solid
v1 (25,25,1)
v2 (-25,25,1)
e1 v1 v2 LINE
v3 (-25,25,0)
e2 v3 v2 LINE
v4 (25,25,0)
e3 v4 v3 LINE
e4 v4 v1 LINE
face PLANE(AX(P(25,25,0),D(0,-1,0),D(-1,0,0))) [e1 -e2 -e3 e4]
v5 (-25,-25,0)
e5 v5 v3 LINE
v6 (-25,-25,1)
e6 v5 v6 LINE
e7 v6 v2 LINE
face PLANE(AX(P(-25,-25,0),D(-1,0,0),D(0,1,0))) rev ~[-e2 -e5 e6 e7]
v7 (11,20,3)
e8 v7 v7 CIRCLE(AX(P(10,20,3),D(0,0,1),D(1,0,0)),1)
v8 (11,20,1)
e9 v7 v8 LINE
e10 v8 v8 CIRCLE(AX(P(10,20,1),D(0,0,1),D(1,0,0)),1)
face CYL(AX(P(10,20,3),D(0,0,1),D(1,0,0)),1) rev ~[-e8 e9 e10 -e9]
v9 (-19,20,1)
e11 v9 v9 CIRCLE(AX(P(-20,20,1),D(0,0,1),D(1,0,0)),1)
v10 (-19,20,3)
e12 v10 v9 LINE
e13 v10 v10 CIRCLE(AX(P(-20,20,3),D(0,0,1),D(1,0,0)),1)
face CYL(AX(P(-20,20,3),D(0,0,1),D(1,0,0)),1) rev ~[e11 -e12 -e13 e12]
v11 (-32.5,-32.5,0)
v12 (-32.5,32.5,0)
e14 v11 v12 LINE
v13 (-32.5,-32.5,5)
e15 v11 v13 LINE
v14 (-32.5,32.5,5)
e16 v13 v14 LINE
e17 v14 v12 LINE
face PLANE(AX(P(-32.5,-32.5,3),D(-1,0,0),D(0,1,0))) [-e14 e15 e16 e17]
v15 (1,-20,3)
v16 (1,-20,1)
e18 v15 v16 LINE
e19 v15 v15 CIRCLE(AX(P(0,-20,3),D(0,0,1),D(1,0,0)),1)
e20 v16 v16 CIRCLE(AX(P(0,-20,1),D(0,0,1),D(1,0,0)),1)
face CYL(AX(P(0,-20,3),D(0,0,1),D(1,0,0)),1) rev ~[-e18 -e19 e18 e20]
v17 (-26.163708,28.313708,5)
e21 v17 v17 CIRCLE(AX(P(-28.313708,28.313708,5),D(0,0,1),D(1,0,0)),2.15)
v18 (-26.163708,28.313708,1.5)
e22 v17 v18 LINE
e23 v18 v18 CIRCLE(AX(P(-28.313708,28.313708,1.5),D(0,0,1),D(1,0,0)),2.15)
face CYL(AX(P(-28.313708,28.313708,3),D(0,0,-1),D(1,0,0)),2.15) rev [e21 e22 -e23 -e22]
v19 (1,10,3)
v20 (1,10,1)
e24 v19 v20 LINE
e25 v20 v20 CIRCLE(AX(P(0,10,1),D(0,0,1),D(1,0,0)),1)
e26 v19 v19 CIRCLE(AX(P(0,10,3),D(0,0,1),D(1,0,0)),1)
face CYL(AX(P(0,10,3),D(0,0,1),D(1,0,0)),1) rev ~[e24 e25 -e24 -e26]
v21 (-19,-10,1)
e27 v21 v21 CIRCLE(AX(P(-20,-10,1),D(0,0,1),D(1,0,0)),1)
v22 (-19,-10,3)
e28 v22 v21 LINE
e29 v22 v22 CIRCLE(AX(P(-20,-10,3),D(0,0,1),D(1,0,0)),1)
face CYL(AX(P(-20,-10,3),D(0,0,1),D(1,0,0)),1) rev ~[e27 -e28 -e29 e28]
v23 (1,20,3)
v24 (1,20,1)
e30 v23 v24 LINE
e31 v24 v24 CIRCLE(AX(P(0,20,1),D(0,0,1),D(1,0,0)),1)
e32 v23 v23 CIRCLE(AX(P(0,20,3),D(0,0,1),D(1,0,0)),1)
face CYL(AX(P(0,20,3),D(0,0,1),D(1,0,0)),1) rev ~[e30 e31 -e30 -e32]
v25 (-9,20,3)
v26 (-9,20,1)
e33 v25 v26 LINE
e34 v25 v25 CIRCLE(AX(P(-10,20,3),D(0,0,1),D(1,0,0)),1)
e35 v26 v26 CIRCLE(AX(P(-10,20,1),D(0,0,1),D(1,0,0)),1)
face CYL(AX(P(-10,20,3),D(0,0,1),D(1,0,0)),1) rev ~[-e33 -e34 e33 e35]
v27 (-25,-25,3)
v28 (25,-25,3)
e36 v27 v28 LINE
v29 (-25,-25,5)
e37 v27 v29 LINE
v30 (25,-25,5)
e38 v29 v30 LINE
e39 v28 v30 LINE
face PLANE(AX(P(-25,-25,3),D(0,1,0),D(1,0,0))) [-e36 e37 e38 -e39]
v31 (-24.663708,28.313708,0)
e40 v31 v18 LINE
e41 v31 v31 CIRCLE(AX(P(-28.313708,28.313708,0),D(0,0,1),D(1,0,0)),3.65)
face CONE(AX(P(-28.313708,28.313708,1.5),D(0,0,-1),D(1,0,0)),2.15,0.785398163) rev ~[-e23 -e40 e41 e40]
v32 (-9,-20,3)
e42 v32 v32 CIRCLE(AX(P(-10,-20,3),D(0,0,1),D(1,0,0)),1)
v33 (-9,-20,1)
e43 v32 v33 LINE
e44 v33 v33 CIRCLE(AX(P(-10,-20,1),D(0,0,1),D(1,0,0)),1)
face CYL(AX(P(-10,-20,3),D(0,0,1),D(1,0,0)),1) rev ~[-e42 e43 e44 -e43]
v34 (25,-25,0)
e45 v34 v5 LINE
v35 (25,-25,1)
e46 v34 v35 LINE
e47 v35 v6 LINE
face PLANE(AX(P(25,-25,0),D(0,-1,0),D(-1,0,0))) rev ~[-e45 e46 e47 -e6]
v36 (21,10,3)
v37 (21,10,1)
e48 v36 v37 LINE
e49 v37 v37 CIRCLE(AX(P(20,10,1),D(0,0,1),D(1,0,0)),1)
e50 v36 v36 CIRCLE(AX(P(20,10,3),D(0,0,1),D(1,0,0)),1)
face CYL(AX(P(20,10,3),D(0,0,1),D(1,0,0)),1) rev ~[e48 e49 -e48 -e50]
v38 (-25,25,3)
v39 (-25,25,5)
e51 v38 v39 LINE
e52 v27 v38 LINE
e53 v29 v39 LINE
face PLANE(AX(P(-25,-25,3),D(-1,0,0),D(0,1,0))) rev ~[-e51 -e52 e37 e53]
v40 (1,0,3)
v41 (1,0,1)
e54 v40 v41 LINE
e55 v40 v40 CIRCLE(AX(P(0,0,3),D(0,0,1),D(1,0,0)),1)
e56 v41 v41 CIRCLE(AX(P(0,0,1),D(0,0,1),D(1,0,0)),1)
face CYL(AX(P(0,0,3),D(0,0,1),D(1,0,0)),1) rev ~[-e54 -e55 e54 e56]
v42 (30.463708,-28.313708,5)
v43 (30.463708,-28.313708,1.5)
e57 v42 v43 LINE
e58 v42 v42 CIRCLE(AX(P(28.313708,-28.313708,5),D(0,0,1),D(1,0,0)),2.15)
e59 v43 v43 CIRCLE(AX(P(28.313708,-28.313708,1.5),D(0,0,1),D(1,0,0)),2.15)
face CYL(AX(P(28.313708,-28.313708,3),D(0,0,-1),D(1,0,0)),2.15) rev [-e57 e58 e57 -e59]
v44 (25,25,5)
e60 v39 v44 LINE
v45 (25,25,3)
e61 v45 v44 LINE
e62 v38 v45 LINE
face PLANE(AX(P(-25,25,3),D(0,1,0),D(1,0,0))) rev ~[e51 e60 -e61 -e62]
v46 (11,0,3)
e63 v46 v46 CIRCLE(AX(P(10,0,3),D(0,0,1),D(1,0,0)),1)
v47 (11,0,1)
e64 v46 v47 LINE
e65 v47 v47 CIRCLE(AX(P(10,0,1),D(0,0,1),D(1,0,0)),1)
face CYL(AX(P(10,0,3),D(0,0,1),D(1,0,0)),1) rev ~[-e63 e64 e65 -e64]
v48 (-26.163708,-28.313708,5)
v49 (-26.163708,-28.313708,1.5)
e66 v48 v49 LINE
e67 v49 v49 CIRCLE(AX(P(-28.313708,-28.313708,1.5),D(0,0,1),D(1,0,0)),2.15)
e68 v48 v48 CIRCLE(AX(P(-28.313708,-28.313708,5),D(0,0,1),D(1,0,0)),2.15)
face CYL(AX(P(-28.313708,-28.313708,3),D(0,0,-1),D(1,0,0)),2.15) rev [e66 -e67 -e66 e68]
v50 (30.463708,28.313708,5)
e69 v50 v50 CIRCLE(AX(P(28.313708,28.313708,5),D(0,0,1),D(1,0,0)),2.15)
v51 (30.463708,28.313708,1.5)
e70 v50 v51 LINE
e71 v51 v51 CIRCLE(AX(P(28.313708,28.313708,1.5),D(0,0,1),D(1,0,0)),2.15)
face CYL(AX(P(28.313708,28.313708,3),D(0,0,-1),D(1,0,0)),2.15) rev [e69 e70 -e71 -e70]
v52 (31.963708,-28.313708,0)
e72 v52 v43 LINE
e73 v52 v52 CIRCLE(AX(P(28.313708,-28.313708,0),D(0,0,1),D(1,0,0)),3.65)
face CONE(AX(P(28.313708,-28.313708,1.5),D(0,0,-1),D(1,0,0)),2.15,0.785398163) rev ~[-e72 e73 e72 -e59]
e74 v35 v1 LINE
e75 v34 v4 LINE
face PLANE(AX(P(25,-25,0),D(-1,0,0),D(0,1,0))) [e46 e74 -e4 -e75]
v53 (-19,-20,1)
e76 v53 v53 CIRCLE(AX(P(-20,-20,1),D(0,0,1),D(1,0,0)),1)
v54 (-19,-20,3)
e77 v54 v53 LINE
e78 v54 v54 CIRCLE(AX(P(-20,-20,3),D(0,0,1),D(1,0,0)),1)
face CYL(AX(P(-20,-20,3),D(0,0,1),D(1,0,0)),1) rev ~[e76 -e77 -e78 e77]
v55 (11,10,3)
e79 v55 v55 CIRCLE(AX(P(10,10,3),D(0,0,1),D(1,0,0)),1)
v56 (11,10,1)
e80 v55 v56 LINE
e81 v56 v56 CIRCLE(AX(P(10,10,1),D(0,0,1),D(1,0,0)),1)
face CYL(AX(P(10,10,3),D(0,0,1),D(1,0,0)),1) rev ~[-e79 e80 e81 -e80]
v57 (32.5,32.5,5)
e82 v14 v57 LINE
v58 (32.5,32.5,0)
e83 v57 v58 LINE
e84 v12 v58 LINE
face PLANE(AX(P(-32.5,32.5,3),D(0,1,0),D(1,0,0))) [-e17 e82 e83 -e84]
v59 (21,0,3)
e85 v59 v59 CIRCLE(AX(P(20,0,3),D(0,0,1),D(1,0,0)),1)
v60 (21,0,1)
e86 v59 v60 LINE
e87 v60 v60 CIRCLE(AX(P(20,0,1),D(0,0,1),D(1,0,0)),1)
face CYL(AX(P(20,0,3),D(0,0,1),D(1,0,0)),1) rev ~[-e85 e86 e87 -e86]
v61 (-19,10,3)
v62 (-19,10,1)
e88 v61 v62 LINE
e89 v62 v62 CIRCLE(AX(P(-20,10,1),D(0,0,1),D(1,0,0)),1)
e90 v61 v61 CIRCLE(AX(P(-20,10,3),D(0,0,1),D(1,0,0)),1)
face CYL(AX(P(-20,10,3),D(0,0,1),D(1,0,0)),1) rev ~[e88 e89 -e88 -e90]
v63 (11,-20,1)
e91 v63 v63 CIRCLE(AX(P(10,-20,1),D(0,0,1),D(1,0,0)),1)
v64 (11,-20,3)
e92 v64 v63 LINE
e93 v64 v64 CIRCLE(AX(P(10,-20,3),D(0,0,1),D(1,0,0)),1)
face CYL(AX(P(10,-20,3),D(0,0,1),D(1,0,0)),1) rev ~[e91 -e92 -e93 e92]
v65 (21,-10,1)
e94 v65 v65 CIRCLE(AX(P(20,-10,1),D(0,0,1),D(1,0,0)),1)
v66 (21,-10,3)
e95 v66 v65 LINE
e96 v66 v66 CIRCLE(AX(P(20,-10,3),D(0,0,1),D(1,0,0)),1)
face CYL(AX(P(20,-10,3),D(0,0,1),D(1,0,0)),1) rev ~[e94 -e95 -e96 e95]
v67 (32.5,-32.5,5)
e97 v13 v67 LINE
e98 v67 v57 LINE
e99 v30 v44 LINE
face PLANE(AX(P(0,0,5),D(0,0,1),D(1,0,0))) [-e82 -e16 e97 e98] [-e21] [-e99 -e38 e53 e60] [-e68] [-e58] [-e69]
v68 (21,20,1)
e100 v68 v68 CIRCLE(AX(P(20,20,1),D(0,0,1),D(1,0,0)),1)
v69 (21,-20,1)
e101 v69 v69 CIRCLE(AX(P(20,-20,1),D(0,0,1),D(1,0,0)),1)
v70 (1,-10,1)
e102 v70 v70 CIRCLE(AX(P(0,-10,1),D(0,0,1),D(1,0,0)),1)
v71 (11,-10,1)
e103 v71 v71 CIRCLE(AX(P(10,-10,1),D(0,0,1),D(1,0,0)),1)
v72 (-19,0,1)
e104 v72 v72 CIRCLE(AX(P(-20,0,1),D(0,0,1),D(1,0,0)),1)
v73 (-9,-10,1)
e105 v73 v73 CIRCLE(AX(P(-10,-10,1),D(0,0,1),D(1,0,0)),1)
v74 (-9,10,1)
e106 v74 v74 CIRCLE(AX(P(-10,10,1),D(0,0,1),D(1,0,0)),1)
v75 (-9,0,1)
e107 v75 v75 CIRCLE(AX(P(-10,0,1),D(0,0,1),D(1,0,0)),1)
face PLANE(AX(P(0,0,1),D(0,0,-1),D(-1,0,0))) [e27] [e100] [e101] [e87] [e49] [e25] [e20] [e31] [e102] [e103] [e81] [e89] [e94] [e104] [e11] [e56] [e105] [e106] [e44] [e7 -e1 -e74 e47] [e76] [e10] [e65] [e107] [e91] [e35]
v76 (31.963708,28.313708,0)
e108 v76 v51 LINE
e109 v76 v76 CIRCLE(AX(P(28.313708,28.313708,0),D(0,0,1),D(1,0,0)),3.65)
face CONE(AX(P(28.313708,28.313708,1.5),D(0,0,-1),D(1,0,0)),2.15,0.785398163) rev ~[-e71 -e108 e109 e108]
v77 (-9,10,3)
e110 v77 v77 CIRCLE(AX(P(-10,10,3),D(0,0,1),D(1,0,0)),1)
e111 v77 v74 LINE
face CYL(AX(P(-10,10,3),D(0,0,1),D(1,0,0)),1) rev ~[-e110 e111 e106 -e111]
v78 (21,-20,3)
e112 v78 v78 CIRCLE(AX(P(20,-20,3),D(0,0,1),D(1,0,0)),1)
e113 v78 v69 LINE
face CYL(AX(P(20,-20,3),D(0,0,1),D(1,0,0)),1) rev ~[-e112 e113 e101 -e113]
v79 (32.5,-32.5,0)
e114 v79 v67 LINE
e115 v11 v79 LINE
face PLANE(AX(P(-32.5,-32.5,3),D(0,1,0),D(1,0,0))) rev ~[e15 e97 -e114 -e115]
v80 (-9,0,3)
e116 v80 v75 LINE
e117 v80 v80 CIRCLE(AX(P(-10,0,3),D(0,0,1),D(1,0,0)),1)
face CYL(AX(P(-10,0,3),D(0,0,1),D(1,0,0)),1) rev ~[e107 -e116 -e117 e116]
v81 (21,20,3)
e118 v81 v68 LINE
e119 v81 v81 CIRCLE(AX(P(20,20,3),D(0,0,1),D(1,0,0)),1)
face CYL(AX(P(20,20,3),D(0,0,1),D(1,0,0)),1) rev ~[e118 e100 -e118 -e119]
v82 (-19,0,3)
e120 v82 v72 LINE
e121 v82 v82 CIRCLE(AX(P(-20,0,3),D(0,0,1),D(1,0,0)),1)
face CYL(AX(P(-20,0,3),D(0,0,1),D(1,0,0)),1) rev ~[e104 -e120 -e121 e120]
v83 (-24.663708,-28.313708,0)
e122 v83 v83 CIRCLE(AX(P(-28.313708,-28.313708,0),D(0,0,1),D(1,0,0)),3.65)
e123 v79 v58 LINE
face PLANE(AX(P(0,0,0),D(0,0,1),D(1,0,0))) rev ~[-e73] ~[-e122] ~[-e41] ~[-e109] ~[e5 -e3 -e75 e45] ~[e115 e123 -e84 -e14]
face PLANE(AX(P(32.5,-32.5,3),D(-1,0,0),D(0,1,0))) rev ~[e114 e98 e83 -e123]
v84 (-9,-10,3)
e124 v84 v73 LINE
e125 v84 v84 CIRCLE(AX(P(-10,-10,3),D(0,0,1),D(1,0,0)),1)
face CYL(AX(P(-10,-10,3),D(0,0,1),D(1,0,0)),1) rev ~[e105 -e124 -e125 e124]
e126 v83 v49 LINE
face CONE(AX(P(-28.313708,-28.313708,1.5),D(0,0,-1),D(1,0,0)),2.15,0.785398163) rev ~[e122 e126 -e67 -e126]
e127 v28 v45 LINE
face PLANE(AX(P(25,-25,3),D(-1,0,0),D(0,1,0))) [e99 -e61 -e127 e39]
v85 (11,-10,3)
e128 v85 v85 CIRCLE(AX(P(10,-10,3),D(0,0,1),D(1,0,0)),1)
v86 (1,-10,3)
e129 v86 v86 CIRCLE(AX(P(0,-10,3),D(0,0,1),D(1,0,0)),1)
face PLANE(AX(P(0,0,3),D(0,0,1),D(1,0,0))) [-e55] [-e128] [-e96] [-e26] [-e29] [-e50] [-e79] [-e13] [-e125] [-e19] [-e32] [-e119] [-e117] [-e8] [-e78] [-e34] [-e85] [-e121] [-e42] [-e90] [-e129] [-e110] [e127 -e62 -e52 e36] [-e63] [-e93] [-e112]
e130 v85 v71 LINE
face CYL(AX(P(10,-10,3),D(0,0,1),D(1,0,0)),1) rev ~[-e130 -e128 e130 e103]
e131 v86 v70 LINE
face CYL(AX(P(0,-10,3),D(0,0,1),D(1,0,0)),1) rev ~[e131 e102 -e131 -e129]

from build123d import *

# Parameters (mm, degrees)
SKETCH1_W           = 65
SKETCH1_H           = 65
SKETCH1_R           = 2.15
BOSS_EXTRUDE1_DEPTH = 3
SKETCH2_W           = 65
SKETCH2_H           = 65
SKETCH2_R           = 2.15
SKETCH2_W_2         = 50
SKETCH2_H_2         = 50
BOSS_EXTRUDE2_DEPTH = 2
SKETCH3_R           = 1
CUT_EXTRUDE1_DEPTH  = 47.059743812
CHAMFER1_SIZE       = 1.5
SKETCH4_W           = 50
SKETCH4_H           = 50
CUT_EXTRUDE2_DEPTH  = 1


with BuildPart() as part:
    # Sketch1 → Boss-Extrude1 (new body)
    with BuildSketch(Plane.XY):
        Rectangle(SKETCH1_W, SKETCH1_H)
        with Locations((-28.313708499, 28.313708499)):
            Circle(SKETCH1_R, mode=Mode.SUBTRACT)
        with Locations((-28.313708499, -28.313708499)):
            Circle(SKETCH1_R, mode=Mode.SUBTRACT)
        with Locations((28.313708499, -28.313708499)):
            Circle(SKETCH1_R, mode=Mode.SUBTRACT)
        with Locations((28.313708499, 28.313708499)):
            Circle(SKETCH1_R, mode=Mode.SUBTRACT)
    extrude(amount=BOSS_EXTRUDE1_DEPTH)

    # Sketch2 → Boss-Extrude2 (add)
    with BuildSketch(Plane.XY.offset(3)):
        Rectangle(SKETCH2_W, SKETCH2_H)
        with Locations((-28.313708499, -28.313708499)):
            Circle(SKETCH2_R, mode=Mode.SUBTRACT)
        with Locations((28.313708499, -28.313708499)):
            Circle(SKETCH2_R, mode=Mode.SUBTRACT)
        with Locations((-28.313708499, 28.313708499)):
            Circle(SKETCH2_R, mode=Mode.SUBTRACT)
        with Locations((28.313708499, 28.313708499)):
            Circle(SKETCH2_R, mode=Mode.SUBTRACT)
        Rectangle(SKETCH2_W_2, SKETCH2_H_2, mode=Mode.SUBTRACT)
    extrude(amount=BOSS_EXTRUDE2_DEPTH)

    # Sketch3 → Cut-Extrude1 (cut, through all)
    with BuildSketch(Plane.XY.offset(3)):
        with Locations((-20, -20)):
            Circle(SKETCH3_R)
        with Locations((-10, -20)):
            Circle(SKETCH3_R)
        with Locations((0, -20)):
            Circle(SKETCH3_R)
        with Locations((10, -20)):
            Circle(SKETCH3_R)
        with Locations((20, -20)):
            Circle(SKETCH3_R)
        with Locations((-10, -10)):
            Circle(SKETCH3_R)
        with Locations((0, -10)):
            Circle(SKETCH3_R)
        with Locations((10, -10)):
            Circle(SKETCH3_R)
        with Locations((20, -10)):
            Circle(SKETCH3_R)
        with Locations((-10, 0)):
            Circle(SKETCH3_R)
        Circle(SKETCH3_R)
        with Locations((10, 0)):
            Circle(SKETCH3_R)
        with Locations((20, 0)):
            Circle(SKETCH3_R)
        with Locations((-10, 10)):
            Circle(SKETCH3_R)
        with Locations((0, 10)):
            Circle(SKETCH3_R)
        with Locations((10, 10)):
            Circle(SKETCH3_R)
        with Locations((20, 10)):
            Circle(SKETCH3_R)
        with Locations((-10, 20)):
            Circle(SKETCH3_R)
        with Locations((0, 20)):
            Circle(SKETCH3_R)
        with Locations((10, 20)):
            Circle(SKETCH3_R)
        with Locations((20, 20)):
            Circle(SKETCH3_R)
        with Locations((-20, -10)):
            Circle(SKETCH3_R)
        with Locations((-20, 0)):
            Circle(SKETCH3_R)
        with Locations((-20, 10)):
            Circle(SKETCH3_R)
        with Locations((-20, 20)):
            Circle(SKETCH3_R)
    extrude(amount=-CUT_EXTRUDE1_DEPTH, mode=Mode.SUBTRACT)

    # Chamfer1
    chamfer1_edges = [part.edges().sort_by_distance(p)[0] for p in [
        (-30.463708499, 28.313708499, 0),
        (-30.463708499, -28.313708499, 0),
        (26.163708499, -28.313708499, 0),
        (26.163708499, 28.313708499, 0),
    ]]
    chamfer(chamfer1_edges, length=CHAMFER1_SIZE)

    # Sketch4 → Cut-Extrude2 (cut)
    with BuildSketch(Plane(origin=(0, 0, 0), x_dir=(-1, 0, 0), z_dir=(0, 0, -1))):
        Rectangle(SKETCH4_W, SKETCH4_H)
    extrude(amount=-CUT_EXTRUDE2_DEPTH, mode=Mode.SUBTRACT)


solid = part.part
